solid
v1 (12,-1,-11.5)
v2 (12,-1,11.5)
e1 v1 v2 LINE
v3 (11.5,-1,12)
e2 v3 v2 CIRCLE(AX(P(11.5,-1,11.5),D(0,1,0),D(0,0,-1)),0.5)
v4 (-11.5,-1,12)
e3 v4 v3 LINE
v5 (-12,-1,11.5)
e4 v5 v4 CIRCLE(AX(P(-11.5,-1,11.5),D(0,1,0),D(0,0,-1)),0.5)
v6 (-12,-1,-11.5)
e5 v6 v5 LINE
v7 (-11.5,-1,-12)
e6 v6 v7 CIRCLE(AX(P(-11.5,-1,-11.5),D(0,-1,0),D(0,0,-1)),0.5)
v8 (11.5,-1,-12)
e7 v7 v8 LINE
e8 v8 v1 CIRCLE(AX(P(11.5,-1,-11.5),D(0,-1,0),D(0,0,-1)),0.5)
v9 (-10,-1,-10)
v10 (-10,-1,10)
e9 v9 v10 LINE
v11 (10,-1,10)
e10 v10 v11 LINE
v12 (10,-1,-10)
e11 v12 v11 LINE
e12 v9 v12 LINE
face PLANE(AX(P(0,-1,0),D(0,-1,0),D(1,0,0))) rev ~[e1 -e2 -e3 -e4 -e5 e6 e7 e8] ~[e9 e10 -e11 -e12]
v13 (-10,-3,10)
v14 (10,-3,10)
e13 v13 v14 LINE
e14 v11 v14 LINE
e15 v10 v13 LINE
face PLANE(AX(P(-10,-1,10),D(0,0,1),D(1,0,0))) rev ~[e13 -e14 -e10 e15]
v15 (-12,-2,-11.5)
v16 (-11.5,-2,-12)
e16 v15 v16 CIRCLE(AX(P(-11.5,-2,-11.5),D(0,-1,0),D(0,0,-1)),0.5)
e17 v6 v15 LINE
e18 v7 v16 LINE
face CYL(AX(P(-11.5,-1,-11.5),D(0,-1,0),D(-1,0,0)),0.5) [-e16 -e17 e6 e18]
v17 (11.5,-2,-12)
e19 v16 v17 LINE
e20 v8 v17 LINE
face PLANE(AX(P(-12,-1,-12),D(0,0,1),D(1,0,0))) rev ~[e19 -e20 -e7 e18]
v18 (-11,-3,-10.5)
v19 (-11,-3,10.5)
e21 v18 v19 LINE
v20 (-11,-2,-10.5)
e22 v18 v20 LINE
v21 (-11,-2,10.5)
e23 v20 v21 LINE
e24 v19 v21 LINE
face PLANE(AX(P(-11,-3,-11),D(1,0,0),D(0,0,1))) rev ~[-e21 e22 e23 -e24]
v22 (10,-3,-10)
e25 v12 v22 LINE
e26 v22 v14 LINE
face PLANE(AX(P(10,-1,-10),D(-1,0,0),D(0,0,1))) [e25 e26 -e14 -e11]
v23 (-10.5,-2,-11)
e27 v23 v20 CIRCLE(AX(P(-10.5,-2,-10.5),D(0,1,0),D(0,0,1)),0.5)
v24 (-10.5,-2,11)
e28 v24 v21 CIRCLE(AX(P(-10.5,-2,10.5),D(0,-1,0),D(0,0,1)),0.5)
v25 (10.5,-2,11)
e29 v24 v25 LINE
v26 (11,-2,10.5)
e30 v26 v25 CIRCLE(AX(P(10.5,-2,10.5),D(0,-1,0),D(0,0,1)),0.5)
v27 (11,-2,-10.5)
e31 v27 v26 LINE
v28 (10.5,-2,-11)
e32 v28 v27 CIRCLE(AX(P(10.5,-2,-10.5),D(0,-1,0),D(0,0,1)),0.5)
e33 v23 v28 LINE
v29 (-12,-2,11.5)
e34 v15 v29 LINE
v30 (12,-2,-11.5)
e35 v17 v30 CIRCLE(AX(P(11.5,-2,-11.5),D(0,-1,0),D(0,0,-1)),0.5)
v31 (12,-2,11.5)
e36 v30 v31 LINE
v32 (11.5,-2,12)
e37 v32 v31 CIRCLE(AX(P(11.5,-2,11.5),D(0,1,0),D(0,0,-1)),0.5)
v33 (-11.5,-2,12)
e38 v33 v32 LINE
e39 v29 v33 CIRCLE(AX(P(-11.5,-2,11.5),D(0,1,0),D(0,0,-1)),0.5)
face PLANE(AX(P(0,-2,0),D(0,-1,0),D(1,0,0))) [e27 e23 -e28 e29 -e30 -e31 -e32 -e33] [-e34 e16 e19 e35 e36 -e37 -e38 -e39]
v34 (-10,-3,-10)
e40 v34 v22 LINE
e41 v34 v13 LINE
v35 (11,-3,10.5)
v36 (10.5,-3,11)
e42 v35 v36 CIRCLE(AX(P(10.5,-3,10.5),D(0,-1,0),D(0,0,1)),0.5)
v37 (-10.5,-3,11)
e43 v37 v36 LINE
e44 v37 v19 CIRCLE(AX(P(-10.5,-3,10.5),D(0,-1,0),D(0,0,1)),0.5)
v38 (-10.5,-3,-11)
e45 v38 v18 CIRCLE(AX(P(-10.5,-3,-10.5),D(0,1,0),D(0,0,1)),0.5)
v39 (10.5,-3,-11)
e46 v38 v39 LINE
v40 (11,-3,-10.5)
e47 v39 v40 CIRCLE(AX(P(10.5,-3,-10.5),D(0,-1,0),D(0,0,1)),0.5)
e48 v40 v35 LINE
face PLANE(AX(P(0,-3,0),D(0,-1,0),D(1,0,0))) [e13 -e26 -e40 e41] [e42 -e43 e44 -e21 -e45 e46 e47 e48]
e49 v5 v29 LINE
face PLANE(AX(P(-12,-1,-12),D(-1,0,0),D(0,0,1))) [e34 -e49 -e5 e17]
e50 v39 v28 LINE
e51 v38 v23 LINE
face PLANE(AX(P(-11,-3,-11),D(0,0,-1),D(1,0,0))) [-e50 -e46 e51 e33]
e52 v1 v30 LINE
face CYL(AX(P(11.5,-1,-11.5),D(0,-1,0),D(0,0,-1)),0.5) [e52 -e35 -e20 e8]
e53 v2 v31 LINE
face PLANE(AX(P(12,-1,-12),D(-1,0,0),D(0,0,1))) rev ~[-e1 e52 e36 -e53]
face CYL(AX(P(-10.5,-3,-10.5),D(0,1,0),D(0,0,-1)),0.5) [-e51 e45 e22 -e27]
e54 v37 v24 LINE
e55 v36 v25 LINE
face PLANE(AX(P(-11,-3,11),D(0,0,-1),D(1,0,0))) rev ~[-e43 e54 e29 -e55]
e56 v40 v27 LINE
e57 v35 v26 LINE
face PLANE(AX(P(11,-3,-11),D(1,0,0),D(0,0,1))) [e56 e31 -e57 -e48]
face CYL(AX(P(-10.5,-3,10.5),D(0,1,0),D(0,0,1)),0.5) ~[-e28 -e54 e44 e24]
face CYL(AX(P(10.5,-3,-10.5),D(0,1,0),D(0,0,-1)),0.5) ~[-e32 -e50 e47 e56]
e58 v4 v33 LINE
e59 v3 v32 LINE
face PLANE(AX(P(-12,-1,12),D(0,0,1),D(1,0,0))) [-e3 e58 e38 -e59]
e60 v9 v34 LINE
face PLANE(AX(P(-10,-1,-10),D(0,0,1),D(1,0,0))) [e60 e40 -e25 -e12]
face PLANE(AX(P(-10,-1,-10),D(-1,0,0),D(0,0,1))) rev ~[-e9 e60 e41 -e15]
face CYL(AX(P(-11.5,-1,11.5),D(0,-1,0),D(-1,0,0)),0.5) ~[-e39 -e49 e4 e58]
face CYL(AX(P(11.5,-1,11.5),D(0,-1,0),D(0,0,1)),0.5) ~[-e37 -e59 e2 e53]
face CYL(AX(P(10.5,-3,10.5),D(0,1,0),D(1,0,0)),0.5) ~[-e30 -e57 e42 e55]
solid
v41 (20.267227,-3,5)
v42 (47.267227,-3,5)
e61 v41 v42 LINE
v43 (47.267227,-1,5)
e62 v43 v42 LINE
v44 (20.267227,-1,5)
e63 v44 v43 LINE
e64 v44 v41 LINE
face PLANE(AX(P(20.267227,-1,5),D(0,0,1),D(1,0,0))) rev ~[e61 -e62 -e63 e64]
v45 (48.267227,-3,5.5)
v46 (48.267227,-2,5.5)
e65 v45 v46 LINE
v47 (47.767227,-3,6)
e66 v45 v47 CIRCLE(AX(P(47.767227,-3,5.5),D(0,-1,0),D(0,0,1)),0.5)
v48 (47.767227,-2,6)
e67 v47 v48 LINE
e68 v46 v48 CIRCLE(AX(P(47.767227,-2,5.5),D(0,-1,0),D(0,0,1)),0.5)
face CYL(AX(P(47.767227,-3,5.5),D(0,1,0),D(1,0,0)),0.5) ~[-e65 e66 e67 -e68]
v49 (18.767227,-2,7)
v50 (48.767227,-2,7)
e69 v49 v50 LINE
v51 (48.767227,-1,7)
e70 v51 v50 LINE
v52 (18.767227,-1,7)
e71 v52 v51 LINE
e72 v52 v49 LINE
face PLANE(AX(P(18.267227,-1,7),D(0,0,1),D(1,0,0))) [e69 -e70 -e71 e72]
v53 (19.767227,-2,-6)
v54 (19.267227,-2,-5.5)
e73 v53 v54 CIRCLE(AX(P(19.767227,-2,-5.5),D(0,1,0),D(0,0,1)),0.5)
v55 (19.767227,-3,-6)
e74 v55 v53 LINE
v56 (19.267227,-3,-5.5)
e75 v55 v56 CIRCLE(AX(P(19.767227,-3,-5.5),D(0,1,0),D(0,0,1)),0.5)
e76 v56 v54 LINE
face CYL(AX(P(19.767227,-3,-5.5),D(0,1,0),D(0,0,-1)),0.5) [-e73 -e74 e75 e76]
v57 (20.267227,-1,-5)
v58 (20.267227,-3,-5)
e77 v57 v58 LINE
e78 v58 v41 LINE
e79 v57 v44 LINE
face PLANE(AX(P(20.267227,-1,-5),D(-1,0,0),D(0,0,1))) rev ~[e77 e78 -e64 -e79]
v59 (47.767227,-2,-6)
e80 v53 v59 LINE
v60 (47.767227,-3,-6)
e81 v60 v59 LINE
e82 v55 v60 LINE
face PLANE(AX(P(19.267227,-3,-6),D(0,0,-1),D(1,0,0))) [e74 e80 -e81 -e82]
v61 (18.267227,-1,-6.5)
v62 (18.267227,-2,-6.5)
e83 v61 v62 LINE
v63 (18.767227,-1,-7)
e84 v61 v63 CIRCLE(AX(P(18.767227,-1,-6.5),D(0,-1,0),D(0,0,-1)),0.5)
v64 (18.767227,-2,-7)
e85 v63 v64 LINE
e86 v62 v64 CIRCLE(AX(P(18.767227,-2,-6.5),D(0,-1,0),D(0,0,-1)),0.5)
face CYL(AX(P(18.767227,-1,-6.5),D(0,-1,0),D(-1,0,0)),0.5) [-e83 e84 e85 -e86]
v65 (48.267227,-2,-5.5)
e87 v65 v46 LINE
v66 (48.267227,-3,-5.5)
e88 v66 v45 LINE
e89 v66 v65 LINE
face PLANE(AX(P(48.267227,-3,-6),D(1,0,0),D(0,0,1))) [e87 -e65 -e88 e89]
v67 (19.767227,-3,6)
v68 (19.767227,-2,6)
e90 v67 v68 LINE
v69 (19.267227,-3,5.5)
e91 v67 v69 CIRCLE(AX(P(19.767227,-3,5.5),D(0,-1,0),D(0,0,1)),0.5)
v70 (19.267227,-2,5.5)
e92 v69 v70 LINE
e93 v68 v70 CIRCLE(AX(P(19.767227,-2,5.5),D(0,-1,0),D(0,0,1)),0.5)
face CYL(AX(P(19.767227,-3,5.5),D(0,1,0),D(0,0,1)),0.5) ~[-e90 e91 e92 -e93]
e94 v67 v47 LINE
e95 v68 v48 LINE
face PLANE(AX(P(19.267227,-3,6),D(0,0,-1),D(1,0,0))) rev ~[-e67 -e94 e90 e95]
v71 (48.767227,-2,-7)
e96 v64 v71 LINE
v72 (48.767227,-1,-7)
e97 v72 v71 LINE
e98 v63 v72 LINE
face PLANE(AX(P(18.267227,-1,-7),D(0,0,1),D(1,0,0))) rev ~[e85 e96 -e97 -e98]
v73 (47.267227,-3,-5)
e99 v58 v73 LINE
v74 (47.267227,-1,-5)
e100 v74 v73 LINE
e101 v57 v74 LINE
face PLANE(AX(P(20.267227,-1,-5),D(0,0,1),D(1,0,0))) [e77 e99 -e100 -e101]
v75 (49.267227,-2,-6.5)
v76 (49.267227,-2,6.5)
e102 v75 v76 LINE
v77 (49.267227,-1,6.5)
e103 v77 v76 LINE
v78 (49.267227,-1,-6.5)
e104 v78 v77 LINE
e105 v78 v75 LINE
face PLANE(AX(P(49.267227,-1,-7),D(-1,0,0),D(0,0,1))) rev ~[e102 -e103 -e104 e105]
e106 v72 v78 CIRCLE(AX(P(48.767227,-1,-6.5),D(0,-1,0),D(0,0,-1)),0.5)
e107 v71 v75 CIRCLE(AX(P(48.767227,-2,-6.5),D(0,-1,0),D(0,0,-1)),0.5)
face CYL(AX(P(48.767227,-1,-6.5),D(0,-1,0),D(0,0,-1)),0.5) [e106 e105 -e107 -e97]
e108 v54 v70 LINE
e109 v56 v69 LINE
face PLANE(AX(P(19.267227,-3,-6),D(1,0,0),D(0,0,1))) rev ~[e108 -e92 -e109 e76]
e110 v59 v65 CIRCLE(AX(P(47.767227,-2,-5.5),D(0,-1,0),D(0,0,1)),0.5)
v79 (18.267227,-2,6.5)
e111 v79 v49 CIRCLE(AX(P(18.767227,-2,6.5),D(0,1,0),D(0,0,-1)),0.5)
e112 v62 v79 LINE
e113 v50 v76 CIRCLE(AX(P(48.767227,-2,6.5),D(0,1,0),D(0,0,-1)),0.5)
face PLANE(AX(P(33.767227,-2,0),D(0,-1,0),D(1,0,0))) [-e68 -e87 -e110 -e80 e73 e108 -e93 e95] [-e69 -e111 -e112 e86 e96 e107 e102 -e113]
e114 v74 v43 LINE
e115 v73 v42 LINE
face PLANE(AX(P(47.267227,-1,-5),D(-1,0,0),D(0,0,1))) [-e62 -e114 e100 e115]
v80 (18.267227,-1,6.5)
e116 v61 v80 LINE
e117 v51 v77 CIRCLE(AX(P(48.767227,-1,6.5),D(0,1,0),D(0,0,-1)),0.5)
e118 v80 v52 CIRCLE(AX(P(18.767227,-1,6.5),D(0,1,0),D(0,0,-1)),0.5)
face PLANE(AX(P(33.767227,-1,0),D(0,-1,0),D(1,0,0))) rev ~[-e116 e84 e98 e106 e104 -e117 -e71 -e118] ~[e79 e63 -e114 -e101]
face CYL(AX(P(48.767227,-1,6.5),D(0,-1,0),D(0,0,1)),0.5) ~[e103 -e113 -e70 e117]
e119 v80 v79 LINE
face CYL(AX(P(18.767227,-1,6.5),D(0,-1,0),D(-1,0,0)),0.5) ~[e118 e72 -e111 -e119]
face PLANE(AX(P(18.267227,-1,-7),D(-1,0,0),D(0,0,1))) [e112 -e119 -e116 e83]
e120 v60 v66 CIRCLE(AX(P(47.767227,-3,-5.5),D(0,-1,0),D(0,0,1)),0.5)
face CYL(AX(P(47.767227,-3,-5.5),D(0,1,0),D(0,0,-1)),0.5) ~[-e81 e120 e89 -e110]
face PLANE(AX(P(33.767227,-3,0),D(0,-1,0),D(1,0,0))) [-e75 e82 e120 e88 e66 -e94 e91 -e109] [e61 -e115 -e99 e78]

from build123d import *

# Parameters (mm, degrees)
F1_W     = 24
F1_H     = 24
F1_W_2   = 20
F1_H_2   = 20
F2_DEPTH = 2
F1_W_3   = 31
F1_H_3   = 14
F1_W_4   = 27
F1_H_4   = 10
F3_W     = 24
F3_H     = 24
F3_W_2   = 22
F3_H_2   = 22
F3_W_3   = 31
F3_H_3   = 14
F3_W_4   = 29
F3_H_4   = 12
F4_DEPTH = 1
F5_R     = 0.5
F5_2_R   = 0.5


with BuildPart() as f2:
    # F1 (on offset) → F2 (new body)
    with BuildSketch(Plane.XZ.offset(1)):
        Rectangle(F1_W, F1_H)
        Rectangle(F1_W_2, F1_H_2, mode=Mode.SUBTRACT)
    extrude(amount=F2_DEPTH)


with BuildPart() as f2b:
    # F1 (on offset) → F2, piece 2 (new body)
    with BuildSketch(Plane.XZ.offset(1)):
        with Locations((33.7672270834, 0)):
            Rectangle(F1_W_3, F1_H_3)
        with Locations((33.7672270834, 0)):
            Rectangle(F1_W_4, F1_H_4, mode=Mode.SUBTRACT)
    extrude(amount=F2_DEPTH)


with BuildPart() as f4_tool:
    # F3 (on face) → F4 (new body)
    with BuildSketch(Plane.XZ.offset(3)):
        Rectangle(F3_W, F3_H)
        Rectangle(F3_W_2, F3_H_2, mode=Mode.SUBTRACT)
        with Locations((33.7672270834, 0)):
            Rectangle(F3_W_3, F3_H_3)
        with Locations((33.7672270834, 0)):
            Rectangle(F3_W_4, F3_H_4, mode=Mode.SUBTRACT)
    extrude(amount=-F4_DEPTH)


with BuildPart() as f2_1:
    add(f2.part)

    # F4: cut by f4_tool
    add(f4_tool.part, mode=Mode.SUBTRACT)

    # F5
    f5_edges = [f2_1.edges().sort_by_distance(p)[0] for p in [
        (-12, -1.5, 12),
        (-11, -2.5, 11),
        (-11, -2.5, -11),
        (-12, -1.5, -12),
        (11, -2.5, -11),
        (12, -1.5, -12),
        (12, -1.5, 12),
        (11, -2.5, 11),
    ]]
    fillet(f5_edges, radius=F5_R)


with BuildPart() as f2b_1:
    add(f2b.part)

    # F4: cut by f4_tool
    add(f4_tool.part, mode=Mode.SUBTRACT)

    # F5#2
    f5_2_edges = [f2b_1.edges().sort_by_distance(p)[0] for p in [
        (18.267227, -1.5, -7),
        (19.267227, -2.5, -6),
        (18.267227, -1.5, 7),
        (19.267227, -2.5, 6),
        (48.267227, -2.5, -6),
        (49.267227, -1.5, -7),
        (49.267227, -1.5, 7),
        (48.267227, -2.5, 6),
    ]]
    fillet(f5_2_edges, radius=F5_2_R)


solid = Compound([f2_1.part, f2b_1.part])
